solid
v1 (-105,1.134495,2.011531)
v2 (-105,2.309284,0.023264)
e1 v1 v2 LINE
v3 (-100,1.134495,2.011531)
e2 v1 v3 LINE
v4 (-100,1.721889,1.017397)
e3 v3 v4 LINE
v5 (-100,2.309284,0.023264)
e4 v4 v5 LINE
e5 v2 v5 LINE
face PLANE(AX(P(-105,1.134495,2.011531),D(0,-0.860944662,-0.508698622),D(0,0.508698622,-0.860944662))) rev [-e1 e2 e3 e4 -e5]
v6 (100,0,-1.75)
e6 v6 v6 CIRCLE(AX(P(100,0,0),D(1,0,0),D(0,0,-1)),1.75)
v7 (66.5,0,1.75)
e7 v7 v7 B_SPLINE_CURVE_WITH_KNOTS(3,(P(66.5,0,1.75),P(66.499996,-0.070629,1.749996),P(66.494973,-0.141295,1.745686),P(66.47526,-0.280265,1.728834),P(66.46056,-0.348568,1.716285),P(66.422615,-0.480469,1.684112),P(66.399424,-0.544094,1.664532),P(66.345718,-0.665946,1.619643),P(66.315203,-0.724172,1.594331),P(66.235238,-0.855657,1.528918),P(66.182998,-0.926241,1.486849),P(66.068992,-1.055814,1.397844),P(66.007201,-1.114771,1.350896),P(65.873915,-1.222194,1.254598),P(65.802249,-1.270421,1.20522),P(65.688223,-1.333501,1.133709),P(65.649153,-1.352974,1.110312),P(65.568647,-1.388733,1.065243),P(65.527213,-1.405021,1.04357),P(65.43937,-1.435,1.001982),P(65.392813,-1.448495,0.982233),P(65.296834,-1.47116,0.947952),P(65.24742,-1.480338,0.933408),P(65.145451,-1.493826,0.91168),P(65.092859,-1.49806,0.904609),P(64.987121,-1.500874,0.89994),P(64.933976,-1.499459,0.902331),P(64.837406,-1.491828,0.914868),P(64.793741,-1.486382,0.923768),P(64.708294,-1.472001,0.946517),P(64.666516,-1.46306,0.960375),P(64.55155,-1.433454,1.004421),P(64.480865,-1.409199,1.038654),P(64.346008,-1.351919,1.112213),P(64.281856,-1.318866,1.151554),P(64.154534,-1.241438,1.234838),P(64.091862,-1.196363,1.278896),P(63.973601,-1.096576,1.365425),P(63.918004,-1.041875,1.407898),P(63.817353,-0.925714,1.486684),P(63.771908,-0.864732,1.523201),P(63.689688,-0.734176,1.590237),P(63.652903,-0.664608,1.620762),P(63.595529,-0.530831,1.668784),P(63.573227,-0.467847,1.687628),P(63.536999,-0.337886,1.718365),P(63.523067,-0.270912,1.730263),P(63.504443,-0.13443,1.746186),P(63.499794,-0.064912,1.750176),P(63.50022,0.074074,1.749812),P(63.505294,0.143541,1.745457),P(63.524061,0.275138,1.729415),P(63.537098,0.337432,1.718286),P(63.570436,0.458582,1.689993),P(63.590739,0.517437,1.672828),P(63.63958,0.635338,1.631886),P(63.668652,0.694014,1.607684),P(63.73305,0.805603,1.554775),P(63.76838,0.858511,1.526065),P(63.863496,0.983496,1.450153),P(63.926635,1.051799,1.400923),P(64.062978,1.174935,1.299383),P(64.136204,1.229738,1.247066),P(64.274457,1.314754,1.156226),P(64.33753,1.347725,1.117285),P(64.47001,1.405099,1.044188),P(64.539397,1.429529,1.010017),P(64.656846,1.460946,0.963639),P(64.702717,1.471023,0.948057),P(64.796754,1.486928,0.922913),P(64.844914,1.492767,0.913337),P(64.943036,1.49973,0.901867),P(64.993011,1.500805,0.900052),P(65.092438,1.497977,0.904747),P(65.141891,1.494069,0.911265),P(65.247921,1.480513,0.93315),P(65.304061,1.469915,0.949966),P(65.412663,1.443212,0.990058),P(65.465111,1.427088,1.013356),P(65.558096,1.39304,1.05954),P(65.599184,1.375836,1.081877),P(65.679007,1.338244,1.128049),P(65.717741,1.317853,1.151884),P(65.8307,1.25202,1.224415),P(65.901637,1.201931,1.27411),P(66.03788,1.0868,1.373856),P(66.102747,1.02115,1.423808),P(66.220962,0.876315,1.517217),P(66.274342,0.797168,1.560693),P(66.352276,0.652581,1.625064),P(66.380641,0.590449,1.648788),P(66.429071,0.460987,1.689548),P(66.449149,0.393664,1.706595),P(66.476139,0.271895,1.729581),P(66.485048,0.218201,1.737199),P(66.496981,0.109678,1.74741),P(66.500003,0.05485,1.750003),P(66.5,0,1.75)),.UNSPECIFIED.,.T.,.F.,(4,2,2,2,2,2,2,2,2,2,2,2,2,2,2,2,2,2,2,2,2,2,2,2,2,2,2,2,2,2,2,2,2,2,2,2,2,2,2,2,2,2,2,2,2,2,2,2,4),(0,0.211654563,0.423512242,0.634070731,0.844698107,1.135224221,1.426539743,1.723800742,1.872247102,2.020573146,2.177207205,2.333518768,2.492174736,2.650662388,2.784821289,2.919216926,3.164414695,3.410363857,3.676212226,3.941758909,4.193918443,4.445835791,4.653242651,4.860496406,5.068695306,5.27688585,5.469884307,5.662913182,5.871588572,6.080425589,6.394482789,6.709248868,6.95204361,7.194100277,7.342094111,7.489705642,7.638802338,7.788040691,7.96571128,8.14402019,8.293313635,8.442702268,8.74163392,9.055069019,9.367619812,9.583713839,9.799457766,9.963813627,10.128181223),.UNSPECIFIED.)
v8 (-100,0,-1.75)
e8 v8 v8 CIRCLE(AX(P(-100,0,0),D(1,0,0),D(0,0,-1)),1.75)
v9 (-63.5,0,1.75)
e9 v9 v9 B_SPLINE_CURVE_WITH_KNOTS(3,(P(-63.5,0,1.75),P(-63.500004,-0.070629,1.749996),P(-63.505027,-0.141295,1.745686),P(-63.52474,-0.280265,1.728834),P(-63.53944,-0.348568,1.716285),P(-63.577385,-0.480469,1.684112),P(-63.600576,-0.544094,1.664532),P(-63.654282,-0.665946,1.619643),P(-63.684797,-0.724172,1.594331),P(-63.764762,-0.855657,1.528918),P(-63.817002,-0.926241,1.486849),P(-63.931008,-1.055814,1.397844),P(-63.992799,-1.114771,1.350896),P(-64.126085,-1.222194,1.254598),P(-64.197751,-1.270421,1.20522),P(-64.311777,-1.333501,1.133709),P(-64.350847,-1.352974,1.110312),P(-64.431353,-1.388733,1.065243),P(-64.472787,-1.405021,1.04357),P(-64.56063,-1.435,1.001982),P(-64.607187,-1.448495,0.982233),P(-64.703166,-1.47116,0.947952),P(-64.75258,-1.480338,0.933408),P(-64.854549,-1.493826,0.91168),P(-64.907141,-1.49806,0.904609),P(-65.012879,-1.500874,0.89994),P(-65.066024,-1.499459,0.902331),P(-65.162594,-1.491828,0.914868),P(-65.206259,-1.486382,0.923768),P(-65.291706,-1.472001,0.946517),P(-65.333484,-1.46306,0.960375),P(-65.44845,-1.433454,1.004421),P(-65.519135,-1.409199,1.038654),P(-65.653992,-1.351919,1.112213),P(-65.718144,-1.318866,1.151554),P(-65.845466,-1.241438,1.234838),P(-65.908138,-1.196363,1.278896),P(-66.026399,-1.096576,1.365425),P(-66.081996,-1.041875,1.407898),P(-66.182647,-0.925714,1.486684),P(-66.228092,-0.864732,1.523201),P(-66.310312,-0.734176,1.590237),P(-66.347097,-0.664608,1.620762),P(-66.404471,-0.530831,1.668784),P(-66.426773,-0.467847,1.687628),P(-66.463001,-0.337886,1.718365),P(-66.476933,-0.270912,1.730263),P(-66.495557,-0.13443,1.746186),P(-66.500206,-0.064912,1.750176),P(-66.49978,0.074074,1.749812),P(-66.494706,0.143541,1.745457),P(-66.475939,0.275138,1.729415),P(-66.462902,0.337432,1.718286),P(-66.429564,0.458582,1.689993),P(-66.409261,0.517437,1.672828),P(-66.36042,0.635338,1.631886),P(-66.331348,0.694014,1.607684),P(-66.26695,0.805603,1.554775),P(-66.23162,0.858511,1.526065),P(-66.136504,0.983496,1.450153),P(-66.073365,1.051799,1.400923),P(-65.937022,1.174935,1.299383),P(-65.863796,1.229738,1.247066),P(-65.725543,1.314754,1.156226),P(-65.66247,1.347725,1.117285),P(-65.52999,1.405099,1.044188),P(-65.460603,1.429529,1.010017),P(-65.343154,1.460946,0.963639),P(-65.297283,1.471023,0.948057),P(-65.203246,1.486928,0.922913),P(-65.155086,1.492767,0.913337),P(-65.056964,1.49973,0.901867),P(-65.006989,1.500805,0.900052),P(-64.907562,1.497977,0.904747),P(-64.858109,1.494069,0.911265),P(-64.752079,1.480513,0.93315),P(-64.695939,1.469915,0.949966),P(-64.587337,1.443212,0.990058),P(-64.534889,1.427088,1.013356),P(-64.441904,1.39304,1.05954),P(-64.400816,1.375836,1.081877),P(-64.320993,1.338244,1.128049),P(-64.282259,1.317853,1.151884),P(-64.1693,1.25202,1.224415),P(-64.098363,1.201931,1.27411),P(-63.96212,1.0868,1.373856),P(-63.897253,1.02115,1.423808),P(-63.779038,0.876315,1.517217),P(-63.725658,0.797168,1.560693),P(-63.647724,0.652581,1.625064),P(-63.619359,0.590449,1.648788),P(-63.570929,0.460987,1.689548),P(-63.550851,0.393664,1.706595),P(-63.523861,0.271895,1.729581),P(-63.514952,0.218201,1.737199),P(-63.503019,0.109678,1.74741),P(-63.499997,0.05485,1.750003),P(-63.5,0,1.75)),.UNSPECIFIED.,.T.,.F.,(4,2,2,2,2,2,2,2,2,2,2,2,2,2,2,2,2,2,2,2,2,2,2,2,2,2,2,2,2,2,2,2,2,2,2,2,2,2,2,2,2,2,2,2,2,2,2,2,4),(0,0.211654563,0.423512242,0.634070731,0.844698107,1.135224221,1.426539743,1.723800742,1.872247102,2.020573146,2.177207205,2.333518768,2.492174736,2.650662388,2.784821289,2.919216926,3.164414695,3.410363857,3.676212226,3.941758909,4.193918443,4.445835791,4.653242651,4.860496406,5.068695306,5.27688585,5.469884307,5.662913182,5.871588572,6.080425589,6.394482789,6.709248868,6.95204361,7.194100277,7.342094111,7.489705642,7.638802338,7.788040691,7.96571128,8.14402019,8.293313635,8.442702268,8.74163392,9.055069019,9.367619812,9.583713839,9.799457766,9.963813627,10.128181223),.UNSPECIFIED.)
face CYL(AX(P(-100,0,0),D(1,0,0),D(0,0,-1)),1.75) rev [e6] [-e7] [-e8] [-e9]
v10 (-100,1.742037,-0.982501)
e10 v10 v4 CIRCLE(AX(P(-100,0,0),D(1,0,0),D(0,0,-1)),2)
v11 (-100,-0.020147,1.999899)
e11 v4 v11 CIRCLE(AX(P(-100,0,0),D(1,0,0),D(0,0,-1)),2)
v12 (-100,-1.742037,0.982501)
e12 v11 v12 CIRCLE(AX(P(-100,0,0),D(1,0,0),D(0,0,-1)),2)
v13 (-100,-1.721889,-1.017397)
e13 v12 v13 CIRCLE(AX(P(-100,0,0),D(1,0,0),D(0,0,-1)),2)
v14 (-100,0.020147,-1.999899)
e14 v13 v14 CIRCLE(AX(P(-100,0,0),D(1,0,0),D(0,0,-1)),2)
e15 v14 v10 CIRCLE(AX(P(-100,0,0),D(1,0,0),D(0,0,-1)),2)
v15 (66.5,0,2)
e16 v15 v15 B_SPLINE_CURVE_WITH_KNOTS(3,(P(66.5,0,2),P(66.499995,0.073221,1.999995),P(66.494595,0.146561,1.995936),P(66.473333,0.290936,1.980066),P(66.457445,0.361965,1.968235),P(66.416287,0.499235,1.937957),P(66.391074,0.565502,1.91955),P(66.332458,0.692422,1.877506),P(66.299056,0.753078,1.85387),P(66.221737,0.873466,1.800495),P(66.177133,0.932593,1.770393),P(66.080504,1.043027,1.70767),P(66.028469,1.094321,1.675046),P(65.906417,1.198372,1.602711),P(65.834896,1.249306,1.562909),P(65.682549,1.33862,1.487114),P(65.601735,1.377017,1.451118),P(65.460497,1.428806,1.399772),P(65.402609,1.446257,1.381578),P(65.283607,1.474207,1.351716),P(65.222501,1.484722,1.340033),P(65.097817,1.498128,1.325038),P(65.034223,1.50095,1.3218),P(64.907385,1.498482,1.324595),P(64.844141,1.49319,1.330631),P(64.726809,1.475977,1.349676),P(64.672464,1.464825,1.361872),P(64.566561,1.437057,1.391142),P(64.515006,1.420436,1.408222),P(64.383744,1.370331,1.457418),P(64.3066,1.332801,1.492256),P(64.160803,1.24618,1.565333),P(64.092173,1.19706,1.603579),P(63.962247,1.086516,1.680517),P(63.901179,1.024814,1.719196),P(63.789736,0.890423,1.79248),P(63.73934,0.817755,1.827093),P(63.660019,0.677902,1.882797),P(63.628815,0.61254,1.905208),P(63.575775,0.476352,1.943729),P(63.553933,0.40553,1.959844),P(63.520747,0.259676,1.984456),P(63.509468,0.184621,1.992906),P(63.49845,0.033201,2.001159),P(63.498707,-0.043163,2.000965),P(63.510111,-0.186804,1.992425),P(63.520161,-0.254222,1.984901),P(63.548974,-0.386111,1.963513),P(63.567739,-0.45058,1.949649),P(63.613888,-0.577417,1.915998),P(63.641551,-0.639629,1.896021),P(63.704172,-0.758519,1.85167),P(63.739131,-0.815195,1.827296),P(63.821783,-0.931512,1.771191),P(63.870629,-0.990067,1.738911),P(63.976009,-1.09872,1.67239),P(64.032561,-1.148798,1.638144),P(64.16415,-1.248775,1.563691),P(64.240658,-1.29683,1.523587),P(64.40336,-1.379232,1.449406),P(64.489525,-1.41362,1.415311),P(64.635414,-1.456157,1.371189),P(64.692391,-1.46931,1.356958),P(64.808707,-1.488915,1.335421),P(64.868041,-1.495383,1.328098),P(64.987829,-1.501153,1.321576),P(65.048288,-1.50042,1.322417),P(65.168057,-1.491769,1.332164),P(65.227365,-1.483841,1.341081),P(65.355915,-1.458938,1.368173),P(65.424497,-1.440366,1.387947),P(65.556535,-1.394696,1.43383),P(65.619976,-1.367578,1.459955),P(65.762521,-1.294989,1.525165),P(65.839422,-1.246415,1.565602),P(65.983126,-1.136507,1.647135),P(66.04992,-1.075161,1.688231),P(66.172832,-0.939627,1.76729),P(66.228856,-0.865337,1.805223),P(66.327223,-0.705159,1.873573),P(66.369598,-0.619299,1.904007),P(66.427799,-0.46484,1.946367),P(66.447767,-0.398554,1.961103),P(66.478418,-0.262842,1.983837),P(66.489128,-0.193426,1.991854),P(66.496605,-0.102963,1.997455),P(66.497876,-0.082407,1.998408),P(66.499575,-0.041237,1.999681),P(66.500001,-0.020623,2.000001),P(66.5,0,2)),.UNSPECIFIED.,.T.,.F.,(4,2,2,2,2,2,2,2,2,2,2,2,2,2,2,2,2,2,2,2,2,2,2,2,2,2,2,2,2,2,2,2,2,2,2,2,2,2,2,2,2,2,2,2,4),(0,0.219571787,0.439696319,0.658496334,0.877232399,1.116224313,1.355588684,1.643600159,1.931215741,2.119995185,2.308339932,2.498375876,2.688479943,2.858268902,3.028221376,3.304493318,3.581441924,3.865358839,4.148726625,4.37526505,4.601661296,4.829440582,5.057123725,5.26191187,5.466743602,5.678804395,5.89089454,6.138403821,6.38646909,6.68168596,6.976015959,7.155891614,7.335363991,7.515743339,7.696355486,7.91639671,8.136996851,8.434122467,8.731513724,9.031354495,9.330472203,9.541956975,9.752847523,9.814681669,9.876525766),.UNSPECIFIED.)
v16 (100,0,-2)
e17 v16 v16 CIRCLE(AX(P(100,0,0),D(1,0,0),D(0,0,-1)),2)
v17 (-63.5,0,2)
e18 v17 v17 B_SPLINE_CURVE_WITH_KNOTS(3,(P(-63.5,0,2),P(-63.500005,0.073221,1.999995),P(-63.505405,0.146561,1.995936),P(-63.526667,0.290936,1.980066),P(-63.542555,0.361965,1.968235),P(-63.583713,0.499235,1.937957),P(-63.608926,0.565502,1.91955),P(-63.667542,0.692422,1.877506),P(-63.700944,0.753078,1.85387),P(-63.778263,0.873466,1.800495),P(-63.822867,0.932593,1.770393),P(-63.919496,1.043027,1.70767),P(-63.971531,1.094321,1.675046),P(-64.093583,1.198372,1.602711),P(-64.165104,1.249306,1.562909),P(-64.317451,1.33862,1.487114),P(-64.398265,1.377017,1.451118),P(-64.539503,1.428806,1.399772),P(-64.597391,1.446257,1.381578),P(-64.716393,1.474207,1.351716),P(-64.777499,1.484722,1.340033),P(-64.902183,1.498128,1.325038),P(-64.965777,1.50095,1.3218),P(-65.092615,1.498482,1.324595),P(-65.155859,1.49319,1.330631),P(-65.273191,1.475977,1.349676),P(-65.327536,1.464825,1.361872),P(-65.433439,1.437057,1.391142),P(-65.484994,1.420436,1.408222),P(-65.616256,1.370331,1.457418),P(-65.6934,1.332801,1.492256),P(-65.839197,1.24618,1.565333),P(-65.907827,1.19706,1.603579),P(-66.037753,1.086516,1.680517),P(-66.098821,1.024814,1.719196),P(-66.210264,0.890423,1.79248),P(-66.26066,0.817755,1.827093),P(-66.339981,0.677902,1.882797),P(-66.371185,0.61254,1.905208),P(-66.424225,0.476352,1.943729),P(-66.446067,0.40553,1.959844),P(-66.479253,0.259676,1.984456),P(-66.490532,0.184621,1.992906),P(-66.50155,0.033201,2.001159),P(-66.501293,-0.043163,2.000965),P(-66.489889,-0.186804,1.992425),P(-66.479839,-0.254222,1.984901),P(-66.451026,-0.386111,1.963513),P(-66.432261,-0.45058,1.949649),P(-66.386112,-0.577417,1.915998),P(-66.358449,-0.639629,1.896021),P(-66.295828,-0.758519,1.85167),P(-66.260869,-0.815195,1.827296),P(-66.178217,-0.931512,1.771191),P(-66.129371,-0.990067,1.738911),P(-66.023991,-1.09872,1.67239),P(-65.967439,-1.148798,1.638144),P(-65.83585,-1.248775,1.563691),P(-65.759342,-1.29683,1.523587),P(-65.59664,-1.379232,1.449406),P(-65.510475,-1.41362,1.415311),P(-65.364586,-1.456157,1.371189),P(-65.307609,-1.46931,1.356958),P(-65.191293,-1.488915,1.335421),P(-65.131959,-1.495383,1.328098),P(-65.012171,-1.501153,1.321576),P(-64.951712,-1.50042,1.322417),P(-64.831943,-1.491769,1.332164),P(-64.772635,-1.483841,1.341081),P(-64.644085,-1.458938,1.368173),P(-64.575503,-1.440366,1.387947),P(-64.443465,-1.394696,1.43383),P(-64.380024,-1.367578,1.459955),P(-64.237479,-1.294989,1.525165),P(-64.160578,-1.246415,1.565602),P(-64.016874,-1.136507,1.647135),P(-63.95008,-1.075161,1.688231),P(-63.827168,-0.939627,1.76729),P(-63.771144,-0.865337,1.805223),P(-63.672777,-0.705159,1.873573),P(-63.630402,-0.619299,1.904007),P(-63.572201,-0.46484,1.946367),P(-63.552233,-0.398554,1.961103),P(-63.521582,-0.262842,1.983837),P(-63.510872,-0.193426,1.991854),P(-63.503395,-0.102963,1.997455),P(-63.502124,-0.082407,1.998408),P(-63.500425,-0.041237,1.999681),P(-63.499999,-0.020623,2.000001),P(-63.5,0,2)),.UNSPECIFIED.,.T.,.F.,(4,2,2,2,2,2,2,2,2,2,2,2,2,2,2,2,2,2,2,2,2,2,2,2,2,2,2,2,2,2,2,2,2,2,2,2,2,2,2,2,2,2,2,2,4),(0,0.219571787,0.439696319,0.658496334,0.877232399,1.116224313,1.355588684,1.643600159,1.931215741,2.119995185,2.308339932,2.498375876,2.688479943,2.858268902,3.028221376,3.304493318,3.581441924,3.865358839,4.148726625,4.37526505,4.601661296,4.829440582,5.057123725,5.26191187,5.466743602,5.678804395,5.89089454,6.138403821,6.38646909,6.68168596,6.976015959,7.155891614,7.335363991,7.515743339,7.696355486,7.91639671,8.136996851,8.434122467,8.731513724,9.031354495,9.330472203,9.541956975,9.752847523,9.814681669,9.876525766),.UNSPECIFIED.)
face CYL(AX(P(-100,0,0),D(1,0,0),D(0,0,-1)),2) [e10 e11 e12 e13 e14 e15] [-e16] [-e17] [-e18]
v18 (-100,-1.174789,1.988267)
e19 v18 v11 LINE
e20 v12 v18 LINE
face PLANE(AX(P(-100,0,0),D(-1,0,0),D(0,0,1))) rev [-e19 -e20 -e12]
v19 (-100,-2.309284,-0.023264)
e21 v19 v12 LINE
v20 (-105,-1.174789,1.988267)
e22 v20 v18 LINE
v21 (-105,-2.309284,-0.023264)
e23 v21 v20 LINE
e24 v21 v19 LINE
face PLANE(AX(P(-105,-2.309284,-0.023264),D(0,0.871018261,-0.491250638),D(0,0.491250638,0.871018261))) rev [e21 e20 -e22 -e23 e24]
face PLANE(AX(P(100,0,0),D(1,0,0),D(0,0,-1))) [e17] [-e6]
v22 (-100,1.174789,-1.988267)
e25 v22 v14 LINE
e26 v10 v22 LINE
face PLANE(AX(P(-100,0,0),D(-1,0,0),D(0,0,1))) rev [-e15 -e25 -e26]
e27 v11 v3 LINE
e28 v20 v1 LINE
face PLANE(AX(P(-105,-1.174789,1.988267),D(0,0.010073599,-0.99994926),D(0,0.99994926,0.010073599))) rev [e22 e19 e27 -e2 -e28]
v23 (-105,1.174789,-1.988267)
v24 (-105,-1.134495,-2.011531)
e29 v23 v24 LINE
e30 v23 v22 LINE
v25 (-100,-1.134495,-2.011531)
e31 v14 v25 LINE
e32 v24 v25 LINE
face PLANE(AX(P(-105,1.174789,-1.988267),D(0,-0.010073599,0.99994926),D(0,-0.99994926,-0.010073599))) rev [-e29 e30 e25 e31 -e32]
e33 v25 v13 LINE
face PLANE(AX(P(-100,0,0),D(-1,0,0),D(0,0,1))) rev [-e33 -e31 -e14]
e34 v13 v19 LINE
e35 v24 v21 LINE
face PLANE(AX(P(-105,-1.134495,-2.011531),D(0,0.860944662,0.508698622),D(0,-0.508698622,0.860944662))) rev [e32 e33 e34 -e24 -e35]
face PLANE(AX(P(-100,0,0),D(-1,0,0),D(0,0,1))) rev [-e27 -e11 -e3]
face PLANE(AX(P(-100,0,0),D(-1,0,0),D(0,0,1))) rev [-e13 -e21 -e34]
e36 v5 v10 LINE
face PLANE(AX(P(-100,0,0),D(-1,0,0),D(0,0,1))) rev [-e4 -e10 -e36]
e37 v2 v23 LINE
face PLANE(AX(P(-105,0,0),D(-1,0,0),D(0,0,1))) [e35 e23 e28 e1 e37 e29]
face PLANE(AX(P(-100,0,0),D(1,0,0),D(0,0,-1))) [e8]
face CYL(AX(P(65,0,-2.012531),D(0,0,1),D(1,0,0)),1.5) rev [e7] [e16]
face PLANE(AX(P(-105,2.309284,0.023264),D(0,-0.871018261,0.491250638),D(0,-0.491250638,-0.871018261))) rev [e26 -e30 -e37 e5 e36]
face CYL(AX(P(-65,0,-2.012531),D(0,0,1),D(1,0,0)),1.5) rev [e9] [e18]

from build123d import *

# Parameters (mm, degrees)
SWEEP1_PROFILE_R    = 2
BOSS_EXTRUDE1_DEPTH = 5
SKETCH10_R          = 1.75
CUT_EXTRUDE1_DEPTH  = 200
CUT_EXTRUDE3_REACH  = 6.012
SKETCH35_R          = 1.5


with BuildPart() as part:
    # Sweep1: sweep along a path in Sketch2
    with BuildLine(Plane(origin=(0, 0, 0), x_dir=(1, 0, 0), z_dir=(0, 1, 0))) as sweep1_path:
        Line((-100, 0), (100, 0))
    # Sweep1 profile (on start of the path) → Sweep1 (sweep)
    with BuildSketch(Plane(origin=(-100, 0, 0), x_dir=(0, 0, 1), z_dir=(1, 0, 0))):
        Circle(SWEEP1_PROFILE_R)
    sweep(path=sweep1_path.line)

    # Sketch9 → Boss-Extrude1 (add)
    with BuildSketch(Plane.ZY.offset(100)):
        Polygon((1.98826653, -1.174789146), (2.01153051, 1.134494752), (0.023263979, 2.309283898), (-1.98826653, 1.174789146), (-2.01153051, -1.134494752), (-0.023263979, -2.309283898), align=None)
    extrude(amount=BOSS_EXTRUDE1_DEPTH)

    # Sketch10 → Cut-Extrude1 (cut)
    with BuildSketch(Plane(origin=(100, 0, 0), x_dir=(0, 0, -1), z_dir=(1, 0, 0))):
        Circle(SKETCH10_R)
    extrude(amount=-CUT_EXTRUDE1_DEPTH, mode=Mode.SUBTRACT)

    # Sketch35 → Cut-Extrude3 (cut, up to next)
    with BuildSketch(Plane.XY.offset(2), mode=Mode.PRIVATE) as cut_extrude3_sk1:
        with Locations((65, 0)):
            Circle(SKETCH35_R)
    cut_extrude3_tool1 = extrude(cut_extrude3_sk1.sketch, amount=-CUT_EXTRUDE3_REACH, mode=Mode.PRIVATE) & part.part
    add(cut_extrude3_tool1.solids().sort_by_distance((65, 0, 2))[0], mode=Mode.SUBTRACT)
    # Sketch35 → Cut-Extrude3 (cut, up to next)
    with BuildSketch(Plane.XY.offset(2), mode=Mode.PRIVATE) as cut_extrude3_sk2:
        with Locations((-65, 0)):
            Circle(SKETCH35_R)
    cut_extrude3_tool2 = extrude(cut_extrude3_sk2.sketch, amount=-CUT_EXTRUDE3_REACH, mode=Mode.PRIVATE) & part.part
    add(cut_extrude3_tool2.solids().sort_by_distance((-65, 0, 2))[0], mode=Mode.SUBTRACT)


solid = part.part
